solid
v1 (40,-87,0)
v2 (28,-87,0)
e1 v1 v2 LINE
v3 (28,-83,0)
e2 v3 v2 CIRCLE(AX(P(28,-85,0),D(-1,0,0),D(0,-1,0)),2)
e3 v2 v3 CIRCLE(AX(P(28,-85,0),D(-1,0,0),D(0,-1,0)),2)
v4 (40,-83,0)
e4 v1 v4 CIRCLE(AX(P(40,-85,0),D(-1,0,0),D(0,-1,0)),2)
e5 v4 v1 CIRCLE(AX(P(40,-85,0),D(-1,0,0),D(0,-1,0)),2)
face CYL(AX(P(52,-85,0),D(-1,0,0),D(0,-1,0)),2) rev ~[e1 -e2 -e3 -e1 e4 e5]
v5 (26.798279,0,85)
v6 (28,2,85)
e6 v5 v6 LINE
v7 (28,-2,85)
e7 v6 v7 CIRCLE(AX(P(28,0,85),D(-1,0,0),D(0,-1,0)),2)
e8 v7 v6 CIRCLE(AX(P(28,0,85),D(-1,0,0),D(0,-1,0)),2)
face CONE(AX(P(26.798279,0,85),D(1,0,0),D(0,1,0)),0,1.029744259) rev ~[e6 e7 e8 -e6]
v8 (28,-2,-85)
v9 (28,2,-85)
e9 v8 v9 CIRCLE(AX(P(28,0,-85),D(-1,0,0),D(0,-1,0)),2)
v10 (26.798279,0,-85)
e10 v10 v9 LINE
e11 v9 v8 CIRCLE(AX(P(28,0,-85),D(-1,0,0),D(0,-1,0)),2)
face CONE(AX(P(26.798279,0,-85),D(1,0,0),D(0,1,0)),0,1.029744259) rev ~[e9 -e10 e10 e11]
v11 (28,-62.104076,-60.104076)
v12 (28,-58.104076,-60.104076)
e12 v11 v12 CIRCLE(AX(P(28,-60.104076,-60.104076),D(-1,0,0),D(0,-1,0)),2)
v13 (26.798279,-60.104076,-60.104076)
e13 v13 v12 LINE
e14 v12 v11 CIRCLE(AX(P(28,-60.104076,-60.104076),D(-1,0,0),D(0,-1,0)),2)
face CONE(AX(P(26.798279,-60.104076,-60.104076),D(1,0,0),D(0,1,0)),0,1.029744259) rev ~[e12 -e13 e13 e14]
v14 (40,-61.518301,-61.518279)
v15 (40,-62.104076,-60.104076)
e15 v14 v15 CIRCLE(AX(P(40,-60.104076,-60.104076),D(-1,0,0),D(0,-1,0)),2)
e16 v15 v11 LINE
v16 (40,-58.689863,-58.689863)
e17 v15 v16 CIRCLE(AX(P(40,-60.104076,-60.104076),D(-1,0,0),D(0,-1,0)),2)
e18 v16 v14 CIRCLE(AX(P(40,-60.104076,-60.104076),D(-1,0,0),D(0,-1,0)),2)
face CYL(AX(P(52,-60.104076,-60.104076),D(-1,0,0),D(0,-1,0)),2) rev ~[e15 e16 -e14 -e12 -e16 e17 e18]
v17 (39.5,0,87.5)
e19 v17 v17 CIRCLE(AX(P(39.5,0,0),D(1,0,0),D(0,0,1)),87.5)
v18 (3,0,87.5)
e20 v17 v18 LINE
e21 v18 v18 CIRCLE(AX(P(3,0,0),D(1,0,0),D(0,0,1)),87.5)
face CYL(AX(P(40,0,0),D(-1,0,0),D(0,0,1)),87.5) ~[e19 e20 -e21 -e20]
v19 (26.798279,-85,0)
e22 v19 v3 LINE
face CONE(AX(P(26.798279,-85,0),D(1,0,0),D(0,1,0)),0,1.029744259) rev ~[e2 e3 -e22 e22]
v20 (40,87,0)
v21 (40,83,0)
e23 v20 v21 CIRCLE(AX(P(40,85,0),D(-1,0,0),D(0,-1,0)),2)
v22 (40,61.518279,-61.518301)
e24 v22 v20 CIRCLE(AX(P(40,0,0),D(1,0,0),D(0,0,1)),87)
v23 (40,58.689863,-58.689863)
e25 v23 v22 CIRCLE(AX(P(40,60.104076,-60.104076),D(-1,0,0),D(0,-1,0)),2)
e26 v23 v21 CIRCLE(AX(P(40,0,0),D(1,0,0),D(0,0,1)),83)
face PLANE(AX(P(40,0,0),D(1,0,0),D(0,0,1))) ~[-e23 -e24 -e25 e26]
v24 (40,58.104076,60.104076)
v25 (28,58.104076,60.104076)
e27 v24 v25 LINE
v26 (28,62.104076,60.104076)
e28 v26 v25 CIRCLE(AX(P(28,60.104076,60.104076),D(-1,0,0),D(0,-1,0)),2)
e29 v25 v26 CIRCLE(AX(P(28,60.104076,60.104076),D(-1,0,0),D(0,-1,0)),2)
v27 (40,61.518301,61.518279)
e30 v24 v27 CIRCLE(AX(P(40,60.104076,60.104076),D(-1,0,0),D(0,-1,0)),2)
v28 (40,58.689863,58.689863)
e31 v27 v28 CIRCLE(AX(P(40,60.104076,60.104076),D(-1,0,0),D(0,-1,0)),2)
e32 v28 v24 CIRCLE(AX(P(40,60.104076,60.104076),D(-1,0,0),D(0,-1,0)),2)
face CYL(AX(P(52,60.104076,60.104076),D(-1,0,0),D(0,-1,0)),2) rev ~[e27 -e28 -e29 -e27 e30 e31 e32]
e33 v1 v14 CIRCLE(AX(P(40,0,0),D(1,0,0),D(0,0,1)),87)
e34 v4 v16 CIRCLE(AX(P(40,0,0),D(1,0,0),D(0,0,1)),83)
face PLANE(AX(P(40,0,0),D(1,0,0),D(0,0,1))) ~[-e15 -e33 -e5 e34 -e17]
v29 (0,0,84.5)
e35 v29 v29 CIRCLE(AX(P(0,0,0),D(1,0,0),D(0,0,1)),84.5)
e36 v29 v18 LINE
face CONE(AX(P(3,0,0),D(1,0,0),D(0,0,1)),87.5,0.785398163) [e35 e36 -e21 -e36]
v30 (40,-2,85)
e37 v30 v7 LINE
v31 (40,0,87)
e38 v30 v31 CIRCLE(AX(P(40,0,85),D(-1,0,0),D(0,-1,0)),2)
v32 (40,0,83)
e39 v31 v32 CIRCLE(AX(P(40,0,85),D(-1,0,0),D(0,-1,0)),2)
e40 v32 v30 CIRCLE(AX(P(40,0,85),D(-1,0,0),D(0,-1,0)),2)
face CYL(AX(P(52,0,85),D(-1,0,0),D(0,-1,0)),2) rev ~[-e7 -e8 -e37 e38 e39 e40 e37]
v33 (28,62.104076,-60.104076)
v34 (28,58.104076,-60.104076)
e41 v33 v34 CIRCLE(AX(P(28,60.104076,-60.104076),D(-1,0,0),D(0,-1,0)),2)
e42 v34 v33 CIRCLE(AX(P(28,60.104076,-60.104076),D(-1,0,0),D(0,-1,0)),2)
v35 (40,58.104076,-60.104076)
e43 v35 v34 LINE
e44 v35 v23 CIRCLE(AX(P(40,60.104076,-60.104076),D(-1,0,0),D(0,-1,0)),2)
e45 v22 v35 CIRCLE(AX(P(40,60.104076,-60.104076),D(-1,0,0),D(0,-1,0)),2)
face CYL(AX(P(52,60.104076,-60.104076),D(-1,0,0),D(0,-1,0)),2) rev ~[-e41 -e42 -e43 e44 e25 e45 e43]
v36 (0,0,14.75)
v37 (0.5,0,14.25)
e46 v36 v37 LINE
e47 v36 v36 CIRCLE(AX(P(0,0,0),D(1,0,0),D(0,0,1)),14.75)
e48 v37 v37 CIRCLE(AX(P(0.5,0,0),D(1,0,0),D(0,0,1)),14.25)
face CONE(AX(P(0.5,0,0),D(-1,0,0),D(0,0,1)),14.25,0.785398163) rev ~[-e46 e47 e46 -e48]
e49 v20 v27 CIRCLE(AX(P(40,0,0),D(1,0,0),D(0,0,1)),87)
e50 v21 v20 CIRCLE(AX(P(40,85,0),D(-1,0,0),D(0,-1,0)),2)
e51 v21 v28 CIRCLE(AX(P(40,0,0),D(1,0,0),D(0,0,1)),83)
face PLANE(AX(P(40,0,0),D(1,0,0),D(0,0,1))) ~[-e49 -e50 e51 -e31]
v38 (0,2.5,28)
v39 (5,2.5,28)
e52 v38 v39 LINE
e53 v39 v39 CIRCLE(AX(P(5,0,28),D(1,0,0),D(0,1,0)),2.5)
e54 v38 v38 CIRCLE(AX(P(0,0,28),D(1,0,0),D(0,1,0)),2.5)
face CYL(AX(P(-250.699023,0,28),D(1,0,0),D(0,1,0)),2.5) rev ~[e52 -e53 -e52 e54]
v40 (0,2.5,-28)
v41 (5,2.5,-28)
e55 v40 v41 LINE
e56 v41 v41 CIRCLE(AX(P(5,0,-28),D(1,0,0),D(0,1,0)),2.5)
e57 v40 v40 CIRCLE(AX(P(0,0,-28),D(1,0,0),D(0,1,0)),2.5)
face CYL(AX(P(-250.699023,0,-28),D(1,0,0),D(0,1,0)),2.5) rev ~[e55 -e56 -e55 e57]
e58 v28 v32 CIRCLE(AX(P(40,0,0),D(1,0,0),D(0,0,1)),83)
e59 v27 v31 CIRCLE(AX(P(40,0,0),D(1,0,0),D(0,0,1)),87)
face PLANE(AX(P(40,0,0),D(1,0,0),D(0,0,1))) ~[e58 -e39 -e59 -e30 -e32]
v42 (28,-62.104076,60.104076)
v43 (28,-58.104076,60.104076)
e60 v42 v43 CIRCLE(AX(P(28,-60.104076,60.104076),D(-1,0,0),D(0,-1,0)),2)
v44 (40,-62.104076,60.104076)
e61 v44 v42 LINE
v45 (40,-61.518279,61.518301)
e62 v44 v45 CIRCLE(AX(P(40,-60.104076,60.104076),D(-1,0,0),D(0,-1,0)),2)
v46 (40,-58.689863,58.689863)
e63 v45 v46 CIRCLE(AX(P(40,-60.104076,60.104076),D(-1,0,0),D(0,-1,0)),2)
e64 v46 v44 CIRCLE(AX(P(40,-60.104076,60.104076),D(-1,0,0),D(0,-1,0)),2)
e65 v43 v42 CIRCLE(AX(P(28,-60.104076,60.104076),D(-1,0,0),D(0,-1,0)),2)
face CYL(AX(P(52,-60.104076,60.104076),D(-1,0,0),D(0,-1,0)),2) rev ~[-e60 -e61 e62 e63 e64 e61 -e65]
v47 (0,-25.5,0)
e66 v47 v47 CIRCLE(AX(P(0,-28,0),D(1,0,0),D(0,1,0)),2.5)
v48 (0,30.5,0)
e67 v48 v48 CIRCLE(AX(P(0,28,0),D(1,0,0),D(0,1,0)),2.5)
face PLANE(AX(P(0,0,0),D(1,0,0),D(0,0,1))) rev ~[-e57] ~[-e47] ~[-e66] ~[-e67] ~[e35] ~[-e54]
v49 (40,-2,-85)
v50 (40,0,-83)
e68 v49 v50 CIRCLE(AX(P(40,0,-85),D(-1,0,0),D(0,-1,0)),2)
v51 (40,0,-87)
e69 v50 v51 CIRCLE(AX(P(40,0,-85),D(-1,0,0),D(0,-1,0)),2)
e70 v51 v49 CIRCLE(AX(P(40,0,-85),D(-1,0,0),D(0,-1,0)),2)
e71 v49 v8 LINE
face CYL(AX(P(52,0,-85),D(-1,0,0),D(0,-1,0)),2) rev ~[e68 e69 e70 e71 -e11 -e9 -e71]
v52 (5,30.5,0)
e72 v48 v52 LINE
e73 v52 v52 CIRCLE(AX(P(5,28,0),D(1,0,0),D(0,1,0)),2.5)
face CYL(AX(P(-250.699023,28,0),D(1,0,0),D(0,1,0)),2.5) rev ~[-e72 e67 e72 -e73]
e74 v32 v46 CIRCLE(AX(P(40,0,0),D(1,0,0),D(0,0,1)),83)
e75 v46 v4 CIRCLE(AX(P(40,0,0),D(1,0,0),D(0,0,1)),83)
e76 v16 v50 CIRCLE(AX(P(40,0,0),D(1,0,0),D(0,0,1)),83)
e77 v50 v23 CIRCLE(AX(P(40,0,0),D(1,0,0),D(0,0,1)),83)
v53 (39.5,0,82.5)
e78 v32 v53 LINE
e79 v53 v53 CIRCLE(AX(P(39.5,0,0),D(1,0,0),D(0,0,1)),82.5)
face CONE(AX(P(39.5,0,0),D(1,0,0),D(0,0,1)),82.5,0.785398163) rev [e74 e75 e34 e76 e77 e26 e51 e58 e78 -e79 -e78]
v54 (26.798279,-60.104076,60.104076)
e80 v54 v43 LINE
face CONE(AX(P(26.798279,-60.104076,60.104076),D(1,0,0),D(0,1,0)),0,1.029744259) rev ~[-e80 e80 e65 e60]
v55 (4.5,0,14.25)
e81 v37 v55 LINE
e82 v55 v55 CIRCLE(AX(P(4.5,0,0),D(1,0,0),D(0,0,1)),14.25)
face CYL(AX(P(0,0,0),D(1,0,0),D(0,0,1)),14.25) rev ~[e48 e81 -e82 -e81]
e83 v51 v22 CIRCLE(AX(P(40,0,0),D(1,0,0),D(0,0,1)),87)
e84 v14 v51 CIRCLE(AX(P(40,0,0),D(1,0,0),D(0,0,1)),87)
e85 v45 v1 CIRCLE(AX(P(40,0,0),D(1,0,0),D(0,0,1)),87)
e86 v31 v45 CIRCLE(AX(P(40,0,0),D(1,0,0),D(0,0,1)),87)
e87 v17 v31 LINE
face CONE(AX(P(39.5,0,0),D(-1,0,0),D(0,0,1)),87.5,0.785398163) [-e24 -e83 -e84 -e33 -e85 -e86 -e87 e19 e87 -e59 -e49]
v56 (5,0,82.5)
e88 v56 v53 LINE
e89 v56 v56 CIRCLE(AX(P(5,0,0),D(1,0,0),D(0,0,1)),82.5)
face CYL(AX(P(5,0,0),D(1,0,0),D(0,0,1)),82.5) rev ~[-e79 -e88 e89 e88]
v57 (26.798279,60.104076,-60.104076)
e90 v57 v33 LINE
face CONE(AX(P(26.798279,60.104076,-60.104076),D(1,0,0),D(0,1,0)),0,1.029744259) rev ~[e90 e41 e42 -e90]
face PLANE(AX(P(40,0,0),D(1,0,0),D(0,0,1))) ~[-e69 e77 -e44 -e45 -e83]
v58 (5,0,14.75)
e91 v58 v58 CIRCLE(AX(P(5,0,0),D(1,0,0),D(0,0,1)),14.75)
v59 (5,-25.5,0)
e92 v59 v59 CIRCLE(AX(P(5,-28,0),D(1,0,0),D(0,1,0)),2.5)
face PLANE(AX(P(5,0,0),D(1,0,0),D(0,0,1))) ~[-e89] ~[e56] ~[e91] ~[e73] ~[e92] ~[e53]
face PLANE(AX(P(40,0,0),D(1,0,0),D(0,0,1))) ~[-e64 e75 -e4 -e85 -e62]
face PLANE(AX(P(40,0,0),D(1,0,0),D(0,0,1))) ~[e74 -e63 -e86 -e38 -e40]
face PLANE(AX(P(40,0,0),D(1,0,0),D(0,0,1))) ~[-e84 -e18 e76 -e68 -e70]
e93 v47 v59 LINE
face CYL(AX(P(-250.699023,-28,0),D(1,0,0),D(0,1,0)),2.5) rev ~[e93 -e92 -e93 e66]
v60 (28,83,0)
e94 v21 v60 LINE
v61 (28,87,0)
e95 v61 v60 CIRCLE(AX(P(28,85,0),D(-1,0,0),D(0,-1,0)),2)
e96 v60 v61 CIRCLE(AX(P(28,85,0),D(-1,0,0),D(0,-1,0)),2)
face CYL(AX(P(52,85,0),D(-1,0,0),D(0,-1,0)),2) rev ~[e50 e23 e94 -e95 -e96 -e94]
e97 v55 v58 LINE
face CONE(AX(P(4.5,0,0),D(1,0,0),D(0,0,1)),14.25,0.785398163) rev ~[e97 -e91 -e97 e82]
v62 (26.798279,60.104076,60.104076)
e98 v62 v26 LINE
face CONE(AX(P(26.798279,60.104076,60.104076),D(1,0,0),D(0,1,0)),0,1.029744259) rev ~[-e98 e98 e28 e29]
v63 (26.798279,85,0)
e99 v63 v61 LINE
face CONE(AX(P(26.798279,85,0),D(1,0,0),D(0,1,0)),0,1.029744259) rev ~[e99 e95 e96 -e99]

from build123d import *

# Parameters (mm, degrees)
F2_SIZE  = 3
F3_SIZE  = 0.5
F5_D     = 5
F7_D     = 4
F7_DEPTH = 12
F7_TIP   = 1.2017212381


with BuildPart() as f1:
    # F0 (on Front) → F1 (revolve)
    with BuildSketch(Plane.XZ):
        Polygon((0, 87.5), (0, 14.25), (5, 14.25), (5, 82.5), (40, 82.5), (40, 87.5), align=None)
    revolve(axis=Axis((15.7068069821, 0, 0), (1, 0, 0)))

    # F2
    f2_edges = [f1.edges().sort_by_distance(p)[0] for p in [
        (0, 0, -87.5),
    ]]
    chamfer(f2_edges, length=F2_SIZE)

    # F3
    f3_edges = [f1.edges().sort_by_distance(p)[0] for p in [
        (40, 0, -87.5),
        (40, 0, -82.5),
        (5, 0, -14.25),
        (0, 0, -14.25),
    ]]
    chamfer(f3_edges, length=F3_SIZE)

    # F5 (through all)
    with Locations(Plane(origin=(0, 0, 0), x_dir=(0, -1, 0), z_dir=(-1, 0, 0))):
        with Locations((0, 28), (-28, 0), (0, -28), (28, 0)):
            Hole(F5_D / 2)

    # F7
    with Locations(Plane.YZ.offset(40)):
        with Locations((0, 85), (-85, 0), (-60.1040764009, 60.1040764009), (-60.1040764009, -60.1040764009), (0, -85), (60.1040764009, -60.1040764009), (85, 0), (60.1040764009, 60.1040764009)):
            Hole(F7_D / 2, depth=F7_DEPTH)
            with Locations((0, 0, -(F7_DEPTH + F7_TIP / 2))):  # 118° drill point
                Cone(0, F7_D / 2, F7_TIP, mode=Mode.SUBTRACT)


solid = f1.part
